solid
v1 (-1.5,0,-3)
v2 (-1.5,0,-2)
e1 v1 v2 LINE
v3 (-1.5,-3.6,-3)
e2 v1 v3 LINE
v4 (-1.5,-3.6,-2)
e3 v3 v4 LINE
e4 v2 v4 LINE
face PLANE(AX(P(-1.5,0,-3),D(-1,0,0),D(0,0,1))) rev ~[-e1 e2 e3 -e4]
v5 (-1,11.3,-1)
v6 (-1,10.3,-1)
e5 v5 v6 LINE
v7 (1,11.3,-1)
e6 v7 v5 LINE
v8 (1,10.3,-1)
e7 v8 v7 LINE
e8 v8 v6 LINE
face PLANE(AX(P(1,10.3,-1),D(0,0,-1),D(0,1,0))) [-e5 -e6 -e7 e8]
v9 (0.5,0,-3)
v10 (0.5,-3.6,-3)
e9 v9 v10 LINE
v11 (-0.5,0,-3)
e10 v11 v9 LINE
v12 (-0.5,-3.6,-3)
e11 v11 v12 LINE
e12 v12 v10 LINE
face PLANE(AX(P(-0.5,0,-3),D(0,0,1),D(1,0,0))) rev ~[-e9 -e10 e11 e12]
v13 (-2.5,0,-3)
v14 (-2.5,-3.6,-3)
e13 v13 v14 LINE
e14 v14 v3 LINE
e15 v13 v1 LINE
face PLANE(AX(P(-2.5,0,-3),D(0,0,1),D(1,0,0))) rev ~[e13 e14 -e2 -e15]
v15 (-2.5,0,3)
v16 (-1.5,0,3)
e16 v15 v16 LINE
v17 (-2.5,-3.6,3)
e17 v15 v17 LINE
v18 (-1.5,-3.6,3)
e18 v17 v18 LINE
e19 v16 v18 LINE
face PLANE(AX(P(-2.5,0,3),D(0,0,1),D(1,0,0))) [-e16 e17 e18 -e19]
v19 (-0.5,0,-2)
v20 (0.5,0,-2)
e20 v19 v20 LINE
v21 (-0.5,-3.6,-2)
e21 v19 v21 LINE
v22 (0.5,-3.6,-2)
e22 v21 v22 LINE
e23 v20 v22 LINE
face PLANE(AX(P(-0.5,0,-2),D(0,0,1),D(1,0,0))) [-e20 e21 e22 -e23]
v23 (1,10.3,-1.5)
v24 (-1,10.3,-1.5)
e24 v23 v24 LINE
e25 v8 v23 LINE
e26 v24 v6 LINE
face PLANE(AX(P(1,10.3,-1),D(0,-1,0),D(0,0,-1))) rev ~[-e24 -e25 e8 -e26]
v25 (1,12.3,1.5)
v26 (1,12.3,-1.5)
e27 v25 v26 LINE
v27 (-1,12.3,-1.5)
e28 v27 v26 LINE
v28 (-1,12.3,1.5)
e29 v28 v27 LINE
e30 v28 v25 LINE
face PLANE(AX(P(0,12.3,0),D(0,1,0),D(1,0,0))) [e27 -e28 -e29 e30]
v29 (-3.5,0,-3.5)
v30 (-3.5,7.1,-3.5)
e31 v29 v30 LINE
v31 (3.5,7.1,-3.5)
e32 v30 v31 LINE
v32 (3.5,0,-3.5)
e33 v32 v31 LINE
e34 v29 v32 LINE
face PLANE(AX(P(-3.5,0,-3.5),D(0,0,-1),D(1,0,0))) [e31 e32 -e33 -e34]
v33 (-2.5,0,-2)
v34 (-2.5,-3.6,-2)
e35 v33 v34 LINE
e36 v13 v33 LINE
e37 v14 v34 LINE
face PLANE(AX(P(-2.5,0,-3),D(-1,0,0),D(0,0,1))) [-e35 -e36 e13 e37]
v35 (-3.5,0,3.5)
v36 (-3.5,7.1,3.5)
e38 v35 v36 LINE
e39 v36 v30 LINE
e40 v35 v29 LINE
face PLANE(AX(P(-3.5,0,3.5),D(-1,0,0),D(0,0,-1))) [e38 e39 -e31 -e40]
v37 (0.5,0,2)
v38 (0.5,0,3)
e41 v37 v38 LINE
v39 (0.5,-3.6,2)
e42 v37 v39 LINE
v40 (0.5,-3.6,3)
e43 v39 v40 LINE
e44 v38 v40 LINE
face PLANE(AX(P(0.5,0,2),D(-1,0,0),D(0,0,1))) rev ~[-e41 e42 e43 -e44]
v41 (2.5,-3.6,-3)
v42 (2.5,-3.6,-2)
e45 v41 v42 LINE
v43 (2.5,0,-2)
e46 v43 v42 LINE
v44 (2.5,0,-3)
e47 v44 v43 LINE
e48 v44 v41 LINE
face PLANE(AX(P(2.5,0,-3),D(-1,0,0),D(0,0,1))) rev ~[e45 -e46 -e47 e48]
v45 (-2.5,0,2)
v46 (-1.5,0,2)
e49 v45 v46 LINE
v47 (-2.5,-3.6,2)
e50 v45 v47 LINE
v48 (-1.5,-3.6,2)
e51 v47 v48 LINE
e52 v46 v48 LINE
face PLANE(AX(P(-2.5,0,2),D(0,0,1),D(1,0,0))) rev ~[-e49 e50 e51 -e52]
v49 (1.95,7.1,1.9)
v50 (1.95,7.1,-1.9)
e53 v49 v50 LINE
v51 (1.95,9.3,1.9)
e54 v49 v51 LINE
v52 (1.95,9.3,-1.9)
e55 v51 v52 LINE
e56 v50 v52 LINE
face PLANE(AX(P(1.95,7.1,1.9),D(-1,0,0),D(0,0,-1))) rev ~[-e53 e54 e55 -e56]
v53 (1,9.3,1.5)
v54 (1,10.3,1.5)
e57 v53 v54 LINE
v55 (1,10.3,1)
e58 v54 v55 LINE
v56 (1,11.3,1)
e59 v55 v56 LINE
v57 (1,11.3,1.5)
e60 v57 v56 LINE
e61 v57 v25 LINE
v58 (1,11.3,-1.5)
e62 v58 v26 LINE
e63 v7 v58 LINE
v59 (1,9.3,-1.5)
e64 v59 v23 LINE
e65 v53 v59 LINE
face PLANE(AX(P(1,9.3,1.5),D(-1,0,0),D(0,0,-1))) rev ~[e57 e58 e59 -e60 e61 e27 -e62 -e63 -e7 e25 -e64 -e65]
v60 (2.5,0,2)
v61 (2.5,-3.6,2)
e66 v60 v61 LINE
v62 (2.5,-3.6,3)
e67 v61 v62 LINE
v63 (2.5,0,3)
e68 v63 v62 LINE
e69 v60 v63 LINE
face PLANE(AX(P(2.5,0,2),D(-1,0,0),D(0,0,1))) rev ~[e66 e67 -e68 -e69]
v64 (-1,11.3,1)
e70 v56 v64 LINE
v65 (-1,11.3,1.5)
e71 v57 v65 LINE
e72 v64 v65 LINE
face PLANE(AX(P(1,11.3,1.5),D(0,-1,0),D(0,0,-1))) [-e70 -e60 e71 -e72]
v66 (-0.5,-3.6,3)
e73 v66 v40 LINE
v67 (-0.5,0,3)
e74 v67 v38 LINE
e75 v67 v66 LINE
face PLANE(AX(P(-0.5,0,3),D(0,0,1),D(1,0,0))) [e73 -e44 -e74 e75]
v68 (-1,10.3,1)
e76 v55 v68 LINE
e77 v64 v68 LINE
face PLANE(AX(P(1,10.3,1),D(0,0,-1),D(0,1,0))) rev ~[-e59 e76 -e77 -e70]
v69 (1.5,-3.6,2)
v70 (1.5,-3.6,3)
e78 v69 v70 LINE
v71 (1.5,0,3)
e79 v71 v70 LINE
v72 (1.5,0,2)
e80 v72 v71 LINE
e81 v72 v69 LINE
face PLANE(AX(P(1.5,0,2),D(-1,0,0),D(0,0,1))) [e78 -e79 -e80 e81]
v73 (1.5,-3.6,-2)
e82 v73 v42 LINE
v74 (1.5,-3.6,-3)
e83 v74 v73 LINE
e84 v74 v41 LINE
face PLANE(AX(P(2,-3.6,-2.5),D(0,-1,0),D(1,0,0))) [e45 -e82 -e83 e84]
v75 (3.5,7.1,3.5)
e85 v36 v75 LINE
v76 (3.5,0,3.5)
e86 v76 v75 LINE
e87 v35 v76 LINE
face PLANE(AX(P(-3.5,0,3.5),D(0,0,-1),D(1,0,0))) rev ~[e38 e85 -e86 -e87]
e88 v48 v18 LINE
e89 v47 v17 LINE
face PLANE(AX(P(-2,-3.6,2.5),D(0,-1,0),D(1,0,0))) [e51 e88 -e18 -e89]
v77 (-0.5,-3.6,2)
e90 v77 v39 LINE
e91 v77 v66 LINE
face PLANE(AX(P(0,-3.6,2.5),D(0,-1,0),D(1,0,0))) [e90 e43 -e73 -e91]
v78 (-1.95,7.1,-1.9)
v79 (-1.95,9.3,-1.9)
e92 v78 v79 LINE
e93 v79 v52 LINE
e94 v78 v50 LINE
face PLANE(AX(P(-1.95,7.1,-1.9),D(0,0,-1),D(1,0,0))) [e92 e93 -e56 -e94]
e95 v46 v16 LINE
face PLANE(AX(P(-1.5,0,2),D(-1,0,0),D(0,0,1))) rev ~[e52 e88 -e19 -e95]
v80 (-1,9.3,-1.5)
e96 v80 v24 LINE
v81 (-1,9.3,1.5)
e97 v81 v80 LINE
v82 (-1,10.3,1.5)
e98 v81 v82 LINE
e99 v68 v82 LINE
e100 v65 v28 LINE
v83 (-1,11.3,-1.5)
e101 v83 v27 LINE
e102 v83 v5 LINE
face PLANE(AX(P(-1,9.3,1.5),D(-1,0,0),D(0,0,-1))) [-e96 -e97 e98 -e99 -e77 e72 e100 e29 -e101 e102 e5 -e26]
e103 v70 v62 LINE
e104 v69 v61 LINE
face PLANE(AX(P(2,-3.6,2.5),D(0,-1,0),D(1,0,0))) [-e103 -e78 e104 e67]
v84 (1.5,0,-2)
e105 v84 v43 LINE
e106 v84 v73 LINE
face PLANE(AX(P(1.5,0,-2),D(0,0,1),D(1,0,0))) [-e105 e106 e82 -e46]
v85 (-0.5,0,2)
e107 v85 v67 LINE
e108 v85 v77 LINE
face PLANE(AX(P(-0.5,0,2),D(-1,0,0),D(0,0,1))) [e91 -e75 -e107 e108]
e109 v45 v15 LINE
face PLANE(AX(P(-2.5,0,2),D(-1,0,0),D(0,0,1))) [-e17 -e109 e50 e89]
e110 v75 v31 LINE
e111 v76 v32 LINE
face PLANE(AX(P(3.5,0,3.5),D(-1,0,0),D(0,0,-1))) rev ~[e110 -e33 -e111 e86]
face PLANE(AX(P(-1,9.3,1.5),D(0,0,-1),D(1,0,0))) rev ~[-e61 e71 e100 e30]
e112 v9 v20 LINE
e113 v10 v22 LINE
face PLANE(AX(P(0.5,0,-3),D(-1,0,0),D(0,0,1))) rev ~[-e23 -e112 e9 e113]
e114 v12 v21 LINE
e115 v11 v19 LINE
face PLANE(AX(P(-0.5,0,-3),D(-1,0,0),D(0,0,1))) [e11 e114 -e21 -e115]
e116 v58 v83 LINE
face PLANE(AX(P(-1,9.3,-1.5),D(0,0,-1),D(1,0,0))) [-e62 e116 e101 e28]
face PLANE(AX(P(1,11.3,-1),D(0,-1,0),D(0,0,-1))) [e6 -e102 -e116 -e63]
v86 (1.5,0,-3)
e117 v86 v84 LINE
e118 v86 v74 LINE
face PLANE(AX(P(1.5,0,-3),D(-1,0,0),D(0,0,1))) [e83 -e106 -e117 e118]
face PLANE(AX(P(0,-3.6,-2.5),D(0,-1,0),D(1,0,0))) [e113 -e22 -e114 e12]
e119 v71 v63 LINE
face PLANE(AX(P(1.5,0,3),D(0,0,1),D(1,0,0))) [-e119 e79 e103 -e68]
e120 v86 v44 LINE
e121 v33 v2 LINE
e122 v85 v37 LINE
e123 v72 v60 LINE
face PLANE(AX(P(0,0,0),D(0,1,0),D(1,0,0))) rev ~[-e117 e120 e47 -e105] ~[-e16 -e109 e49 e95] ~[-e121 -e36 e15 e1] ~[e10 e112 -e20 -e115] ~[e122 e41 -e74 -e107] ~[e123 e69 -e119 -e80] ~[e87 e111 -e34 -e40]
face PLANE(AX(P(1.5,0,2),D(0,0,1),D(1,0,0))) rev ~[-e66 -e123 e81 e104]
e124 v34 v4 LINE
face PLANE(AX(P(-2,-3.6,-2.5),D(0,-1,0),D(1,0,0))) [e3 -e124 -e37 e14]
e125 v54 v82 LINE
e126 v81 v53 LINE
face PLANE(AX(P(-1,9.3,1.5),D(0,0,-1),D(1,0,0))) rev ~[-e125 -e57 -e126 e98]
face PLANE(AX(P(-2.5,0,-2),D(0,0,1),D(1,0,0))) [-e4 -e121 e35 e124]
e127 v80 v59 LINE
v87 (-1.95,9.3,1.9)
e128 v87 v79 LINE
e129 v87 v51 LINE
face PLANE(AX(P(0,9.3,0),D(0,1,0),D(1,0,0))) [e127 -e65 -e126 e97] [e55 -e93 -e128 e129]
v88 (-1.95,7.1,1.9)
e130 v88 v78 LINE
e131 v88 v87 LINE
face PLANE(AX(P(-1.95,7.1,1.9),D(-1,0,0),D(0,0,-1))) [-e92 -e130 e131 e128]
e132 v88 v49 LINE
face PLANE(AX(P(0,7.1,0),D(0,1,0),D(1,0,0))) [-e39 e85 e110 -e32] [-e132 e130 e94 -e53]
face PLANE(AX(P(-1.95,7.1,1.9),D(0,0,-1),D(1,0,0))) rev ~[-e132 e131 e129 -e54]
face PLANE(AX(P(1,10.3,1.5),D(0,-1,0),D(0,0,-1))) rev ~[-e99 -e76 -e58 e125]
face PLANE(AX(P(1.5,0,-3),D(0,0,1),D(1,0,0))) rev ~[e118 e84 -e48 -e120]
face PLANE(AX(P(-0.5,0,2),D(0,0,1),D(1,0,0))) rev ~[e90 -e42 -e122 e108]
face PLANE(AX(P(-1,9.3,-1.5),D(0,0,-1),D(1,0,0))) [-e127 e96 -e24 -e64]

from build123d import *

# Parameters (mm, degrees)
SKETCH1_W           = 7
SKETCH1_H           = 7
BOSS_EXTRUDE1_DEPTH = 7.1
SKETCH2_W           = 3.9
SKETCH2_H           = 3.8
BOSS_EXTRUDE2_DEPTH = 2.2
SKETCH3_W           = 2
SKETCH3_H           = 3
BOSS_EXTRUDE3_DEPTH = 3
SKETCH4_W           = 1
SKETCH4_H           = 1
BOSS_EXTRUDE4_DEPTH = 3.6
SKETCH5_W           = 0.5
SKETCH5_H           = 1
CUT_EXTRUDE1_DEPTH  = 14.556917054


with BuildPart() as part:
    # Sketch1 → Boss-Extrude1 (new body)
    with BuildSketch(Plane(origin=(0, 0, 0), x_dir=(1, 0, 0), z_dir=(0, 1, 0))):
        Rectangle(SKETCH1_W, SKETCH1_H)
    extrude(amount=BOSS_EXTRUDE1_DEPTH)

    # Sketch2 → Boss-Extrude2 (add)
    with BuildSketch(Plane(origin=(0, 7.1, 0), x_dir=(1, 0, 0), z_dir=(0, 1, 0))):
        Rectangle(SKETCH2_W, SKETCH2_H)
    extrude(amount=BOSS_EXTRUDE2_DEPTH)

    # Sketch3 → Boss-Extrude3 (add)
    with BuildSketch(Plane(origin=(0, 9.3, 0), x_dir=(1, 0, 0), z_dir=(0, 1, 0))):
        Rectangle(SKETCH3_W, SKETCH3_H)
    extrude(amount=BOSS_EXTRUDE3_DEPTH)

    # Sketch4 → Boss-Extrude4 (add)
    with BuildSketch(Plane.XZ):
        with Locations((0, 2.5)):
            Rectangle(SKETCH4_W, SKETCH4_H)
        with Locations((-2, 2.5)):
            Rectangle(SKETCH4_W, SKETCH4_H)
        with Locations((2, 2.5)):
            Rectangle(SKETCH4_W, SKETCH4_H)
        with Locations((0, -2.5)):
            Rectangle(SKETCH4_W, SKETCH4_H)
        with Locations((2, -2.5)):
            Rectangle(SKETCH4_W, SKETCH4_H)
        with Locations((-2, -2.5)):
            Rectangle(SKETCH4_W, SKETCH4_H)
    extrude(amount=BOSS_EXTRUDE4_DEPTH)

    # Sketch5 → Cut-Extrude1 (cut, through all)
    with BuildSketch(Plane(origin=(1, 0, 0), x_dir=(0, 0, -1), z_dir=(1, 0, 0))):
        with Locations((-1.25, 10.8)):
            Rectangle(SKETCH5_W, SKETCH5_H)
        with Locations((1.25, 10.8)):
            Rectangle(SKETCH5_W, SKETCH5_H)
    extrude(amount=-CUT_EXTRUDE1_DEPTH, mode=Mode.SUBTRACT)


solid = part.part
